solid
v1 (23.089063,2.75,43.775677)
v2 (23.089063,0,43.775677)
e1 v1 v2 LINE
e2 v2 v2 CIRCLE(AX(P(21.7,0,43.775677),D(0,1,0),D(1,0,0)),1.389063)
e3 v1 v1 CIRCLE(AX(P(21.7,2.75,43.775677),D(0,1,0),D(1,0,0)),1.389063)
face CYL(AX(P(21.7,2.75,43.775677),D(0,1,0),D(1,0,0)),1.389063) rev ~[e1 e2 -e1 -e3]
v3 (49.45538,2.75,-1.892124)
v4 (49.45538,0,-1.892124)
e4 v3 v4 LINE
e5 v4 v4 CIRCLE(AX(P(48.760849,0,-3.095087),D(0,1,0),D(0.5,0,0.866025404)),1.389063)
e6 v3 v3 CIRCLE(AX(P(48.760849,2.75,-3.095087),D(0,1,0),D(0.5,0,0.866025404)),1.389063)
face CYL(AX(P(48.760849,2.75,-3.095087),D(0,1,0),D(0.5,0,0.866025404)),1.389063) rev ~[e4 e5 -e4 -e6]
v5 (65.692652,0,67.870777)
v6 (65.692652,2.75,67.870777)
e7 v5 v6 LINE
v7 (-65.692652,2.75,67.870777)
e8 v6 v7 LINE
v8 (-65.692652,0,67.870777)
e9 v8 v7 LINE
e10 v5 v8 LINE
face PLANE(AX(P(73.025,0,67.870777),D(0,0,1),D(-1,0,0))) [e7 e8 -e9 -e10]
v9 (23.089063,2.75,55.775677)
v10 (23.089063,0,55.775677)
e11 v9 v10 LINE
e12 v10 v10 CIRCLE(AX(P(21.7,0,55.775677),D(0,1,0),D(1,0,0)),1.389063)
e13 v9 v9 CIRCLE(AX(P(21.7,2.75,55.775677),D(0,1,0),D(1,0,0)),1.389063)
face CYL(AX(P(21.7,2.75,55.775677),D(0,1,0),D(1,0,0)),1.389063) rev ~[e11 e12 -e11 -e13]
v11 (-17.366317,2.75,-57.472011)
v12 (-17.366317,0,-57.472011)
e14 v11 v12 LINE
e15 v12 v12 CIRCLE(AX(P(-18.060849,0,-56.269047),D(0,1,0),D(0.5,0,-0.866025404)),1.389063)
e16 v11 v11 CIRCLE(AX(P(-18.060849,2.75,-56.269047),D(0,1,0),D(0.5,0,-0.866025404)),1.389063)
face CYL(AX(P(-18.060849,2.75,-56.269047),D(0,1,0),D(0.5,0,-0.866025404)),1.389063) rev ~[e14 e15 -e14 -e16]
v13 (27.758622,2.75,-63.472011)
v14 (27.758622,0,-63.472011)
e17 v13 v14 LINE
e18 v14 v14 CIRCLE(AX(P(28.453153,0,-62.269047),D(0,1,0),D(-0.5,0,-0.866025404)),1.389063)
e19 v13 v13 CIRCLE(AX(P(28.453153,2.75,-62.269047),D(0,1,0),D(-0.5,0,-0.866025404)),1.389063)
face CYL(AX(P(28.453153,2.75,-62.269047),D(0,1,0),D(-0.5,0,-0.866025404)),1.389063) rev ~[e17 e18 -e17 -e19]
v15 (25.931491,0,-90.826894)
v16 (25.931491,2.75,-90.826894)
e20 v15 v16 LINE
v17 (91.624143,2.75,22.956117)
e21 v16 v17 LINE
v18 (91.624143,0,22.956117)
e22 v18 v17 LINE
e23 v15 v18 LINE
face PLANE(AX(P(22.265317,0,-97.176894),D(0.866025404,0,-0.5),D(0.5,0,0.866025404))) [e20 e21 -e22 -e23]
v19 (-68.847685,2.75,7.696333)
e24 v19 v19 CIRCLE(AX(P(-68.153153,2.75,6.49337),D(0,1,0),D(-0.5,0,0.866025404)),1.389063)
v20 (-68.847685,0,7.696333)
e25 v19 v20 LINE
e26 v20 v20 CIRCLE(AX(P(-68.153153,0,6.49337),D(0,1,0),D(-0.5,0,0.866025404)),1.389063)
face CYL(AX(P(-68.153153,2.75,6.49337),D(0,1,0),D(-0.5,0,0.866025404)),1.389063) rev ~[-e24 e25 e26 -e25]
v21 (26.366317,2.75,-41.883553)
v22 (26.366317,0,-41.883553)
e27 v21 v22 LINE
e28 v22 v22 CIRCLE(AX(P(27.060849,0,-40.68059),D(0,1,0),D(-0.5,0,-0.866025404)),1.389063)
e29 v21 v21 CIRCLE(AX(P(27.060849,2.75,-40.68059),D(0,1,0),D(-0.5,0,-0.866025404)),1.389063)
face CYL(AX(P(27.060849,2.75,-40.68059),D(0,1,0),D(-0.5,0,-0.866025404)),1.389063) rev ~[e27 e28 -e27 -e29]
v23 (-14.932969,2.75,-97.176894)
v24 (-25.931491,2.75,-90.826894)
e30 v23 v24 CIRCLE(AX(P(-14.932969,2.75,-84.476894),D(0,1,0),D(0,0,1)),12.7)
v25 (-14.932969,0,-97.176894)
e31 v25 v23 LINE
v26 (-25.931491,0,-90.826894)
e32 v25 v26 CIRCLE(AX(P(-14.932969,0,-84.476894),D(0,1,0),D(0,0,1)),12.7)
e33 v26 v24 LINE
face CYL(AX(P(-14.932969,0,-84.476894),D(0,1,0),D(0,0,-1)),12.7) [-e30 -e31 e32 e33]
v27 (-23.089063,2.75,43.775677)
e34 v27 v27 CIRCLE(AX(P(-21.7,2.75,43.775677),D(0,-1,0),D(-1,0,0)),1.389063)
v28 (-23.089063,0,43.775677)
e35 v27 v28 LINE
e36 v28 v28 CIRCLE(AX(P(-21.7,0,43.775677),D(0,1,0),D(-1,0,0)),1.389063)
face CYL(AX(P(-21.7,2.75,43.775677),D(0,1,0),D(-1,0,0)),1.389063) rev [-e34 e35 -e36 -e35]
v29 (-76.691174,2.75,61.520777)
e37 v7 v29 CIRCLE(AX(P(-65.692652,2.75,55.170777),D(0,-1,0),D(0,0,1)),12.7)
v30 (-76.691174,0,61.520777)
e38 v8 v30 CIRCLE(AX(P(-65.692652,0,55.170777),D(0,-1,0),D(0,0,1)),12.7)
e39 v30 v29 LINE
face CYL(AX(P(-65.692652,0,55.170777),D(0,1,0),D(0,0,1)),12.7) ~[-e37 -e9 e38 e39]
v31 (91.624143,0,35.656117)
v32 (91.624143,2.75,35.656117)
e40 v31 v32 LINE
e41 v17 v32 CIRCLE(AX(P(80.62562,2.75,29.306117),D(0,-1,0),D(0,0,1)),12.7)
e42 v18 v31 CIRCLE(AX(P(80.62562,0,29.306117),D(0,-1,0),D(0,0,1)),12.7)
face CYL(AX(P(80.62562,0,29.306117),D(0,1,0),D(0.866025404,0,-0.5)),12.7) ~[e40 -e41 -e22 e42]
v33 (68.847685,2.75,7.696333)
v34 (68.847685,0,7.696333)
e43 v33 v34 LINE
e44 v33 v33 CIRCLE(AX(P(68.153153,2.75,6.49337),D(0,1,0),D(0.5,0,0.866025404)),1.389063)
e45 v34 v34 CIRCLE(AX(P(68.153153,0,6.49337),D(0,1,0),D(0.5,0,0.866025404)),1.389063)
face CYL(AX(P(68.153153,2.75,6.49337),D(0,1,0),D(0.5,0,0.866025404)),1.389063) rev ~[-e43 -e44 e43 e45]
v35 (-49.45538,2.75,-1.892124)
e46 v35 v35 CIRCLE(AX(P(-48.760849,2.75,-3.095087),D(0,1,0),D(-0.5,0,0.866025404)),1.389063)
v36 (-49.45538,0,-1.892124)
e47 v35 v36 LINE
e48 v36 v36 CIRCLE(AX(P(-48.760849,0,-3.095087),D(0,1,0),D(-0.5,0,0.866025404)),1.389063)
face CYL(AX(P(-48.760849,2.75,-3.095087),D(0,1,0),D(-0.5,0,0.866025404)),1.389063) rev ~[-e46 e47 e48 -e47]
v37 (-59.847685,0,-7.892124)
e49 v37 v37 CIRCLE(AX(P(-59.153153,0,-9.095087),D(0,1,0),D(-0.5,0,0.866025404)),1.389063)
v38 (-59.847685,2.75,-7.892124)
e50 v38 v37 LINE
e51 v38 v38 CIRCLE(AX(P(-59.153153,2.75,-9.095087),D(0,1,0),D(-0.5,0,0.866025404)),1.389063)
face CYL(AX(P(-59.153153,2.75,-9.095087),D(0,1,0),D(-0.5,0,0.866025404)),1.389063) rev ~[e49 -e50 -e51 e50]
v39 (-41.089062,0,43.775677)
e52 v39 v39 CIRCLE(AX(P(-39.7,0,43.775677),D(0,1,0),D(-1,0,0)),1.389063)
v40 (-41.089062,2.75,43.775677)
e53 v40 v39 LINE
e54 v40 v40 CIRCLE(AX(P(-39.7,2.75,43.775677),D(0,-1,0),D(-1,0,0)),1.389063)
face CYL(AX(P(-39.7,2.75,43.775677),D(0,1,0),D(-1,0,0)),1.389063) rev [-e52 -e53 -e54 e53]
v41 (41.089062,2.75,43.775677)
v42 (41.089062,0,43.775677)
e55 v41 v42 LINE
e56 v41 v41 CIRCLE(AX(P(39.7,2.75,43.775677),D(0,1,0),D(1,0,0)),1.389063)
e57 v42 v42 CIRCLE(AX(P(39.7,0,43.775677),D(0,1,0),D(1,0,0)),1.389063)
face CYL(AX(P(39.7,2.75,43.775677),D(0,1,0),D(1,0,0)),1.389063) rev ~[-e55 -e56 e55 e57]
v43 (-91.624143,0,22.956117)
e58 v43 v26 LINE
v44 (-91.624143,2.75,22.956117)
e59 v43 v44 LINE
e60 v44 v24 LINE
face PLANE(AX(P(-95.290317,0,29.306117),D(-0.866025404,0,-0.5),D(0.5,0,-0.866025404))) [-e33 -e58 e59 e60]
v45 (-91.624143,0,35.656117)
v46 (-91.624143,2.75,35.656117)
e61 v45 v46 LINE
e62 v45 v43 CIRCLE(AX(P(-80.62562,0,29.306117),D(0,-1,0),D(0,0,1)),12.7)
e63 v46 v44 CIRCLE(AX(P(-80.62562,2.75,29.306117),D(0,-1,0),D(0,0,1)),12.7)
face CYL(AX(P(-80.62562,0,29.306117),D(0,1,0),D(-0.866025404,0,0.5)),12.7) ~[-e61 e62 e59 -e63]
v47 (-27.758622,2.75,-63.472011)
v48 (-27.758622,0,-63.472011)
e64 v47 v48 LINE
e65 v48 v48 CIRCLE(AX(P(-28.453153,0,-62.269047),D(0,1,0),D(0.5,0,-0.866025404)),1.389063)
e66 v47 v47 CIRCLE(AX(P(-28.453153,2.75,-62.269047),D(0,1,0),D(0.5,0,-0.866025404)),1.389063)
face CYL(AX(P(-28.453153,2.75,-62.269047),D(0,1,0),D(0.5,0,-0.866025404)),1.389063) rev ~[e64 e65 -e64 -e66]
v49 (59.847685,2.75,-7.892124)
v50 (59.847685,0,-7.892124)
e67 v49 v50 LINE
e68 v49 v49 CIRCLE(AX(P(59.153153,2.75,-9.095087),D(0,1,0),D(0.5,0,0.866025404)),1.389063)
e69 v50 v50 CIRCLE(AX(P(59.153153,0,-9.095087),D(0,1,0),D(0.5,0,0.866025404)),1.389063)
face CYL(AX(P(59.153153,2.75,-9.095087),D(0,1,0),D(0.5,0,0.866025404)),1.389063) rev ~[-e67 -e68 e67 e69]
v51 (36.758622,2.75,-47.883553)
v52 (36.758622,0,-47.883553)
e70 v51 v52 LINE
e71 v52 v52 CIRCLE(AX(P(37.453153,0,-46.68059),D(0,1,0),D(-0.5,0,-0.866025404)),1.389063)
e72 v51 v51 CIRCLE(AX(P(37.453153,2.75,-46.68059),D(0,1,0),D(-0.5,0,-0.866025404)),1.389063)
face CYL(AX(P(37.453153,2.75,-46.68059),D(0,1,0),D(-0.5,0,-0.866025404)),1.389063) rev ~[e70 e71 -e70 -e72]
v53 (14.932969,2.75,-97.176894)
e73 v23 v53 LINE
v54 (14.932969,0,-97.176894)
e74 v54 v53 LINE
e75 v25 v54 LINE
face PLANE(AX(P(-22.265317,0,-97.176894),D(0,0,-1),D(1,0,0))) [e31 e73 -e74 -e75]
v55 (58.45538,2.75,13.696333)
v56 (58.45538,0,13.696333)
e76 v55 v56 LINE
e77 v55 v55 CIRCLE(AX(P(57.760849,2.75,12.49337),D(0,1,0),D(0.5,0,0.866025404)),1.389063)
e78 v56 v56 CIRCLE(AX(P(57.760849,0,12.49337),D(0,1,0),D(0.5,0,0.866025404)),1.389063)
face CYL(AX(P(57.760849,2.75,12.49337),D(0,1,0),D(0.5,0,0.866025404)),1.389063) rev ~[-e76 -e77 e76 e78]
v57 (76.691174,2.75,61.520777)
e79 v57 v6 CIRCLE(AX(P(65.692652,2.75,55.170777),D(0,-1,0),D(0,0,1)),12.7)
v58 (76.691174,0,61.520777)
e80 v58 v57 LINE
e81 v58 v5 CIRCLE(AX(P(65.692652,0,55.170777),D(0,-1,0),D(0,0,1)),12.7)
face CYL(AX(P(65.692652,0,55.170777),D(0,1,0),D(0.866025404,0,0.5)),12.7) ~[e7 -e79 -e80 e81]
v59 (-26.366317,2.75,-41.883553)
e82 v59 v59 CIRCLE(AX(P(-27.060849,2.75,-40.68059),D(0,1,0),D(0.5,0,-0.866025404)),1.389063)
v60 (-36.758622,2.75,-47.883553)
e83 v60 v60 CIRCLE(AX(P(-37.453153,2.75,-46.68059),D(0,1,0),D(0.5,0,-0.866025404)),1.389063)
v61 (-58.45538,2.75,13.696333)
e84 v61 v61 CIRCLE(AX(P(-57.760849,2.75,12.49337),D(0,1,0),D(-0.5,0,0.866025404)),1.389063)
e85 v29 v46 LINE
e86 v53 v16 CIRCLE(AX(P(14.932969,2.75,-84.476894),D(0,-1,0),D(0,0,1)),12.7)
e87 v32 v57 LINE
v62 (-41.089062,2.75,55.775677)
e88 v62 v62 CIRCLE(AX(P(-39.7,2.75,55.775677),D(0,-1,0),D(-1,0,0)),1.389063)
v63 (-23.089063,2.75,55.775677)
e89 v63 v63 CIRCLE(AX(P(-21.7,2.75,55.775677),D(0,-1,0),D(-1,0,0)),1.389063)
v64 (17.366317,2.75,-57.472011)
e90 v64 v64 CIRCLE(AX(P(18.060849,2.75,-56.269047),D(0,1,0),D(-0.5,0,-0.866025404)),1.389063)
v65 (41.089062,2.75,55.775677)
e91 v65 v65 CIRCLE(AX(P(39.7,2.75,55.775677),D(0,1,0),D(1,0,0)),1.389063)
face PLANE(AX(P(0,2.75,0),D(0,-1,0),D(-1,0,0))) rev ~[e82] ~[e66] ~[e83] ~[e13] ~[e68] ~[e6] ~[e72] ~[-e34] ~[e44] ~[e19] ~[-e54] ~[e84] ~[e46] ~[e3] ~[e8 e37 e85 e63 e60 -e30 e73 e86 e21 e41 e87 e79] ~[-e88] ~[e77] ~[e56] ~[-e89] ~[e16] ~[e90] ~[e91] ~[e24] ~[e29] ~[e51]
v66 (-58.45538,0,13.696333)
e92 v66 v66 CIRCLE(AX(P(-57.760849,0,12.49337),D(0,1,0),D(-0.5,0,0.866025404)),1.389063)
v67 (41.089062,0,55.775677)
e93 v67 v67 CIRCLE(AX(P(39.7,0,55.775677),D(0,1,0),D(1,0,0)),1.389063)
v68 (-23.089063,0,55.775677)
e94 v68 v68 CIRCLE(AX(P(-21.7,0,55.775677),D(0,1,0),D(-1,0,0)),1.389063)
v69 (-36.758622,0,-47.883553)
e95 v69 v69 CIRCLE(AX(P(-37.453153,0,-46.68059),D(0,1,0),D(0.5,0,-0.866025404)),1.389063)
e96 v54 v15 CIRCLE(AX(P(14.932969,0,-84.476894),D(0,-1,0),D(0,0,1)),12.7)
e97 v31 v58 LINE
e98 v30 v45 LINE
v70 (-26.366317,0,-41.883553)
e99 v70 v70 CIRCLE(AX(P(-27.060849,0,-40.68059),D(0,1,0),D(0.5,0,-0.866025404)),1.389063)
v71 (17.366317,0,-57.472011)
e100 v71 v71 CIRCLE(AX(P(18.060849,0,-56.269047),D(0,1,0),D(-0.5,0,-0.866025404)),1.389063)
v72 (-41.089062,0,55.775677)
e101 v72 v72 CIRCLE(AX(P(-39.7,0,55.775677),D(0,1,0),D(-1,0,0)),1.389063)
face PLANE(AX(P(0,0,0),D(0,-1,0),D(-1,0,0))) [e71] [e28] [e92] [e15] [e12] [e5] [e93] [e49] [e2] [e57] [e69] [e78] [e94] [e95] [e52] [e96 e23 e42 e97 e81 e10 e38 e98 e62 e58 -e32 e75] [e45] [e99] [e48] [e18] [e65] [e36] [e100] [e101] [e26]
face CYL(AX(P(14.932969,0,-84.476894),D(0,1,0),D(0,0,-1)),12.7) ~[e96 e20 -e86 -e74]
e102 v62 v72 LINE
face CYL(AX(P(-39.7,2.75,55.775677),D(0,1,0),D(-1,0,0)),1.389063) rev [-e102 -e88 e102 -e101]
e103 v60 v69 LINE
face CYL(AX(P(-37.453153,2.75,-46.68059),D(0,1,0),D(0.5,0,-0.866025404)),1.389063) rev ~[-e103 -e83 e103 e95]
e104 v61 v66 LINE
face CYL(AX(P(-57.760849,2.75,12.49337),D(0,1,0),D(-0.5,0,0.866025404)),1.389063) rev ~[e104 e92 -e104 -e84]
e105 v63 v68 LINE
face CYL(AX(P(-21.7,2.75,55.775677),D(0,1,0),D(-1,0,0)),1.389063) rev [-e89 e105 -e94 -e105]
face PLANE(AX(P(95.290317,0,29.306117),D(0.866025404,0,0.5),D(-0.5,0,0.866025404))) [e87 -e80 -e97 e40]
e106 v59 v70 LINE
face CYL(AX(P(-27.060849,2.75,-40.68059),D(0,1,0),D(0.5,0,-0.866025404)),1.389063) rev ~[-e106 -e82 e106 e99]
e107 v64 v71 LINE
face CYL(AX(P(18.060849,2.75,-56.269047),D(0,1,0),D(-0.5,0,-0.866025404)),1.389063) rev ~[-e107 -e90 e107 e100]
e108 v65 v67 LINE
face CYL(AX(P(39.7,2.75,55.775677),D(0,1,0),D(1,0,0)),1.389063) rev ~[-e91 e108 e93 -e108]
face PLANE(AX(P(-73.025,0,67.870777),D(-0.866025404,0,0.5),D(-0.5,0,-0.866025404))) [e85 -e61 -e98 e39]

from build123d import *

# Parameters (mm, degrees)
BOSS_EXTRUDE1_DEPTH         = 2.75
FILLET1_R                   = 12.7
SKETCH5_R                   = 1.3890625
CUT_EXTRUDE4_DEPTH          = 135.761205832
CIRPATTERN2_COUNT           = 3
CIRPATTERN2_COPY_1_SKETCH_R = 1.3890625
CIRPATTERN2_COPY_1_DEPTH    = 135.761205832
CIRPATTERN2_COPY_2_SKETCH_R = 1.3890625
CIRPATTERN2_COPY_2_DEPTH    = 135.761205832


with BuildPart() as part:
    # Sketch1 → Boss-Extrude1 (new body)
    with BuildSketch(Plane(origin=(0, 0, 0), x_dir=(1, 0, 0), z_dir=(0, 1, 0))):
        Polygon((-22.265317244, 97.17689372), (22.265317244, 97.17689372), (95.290317244, -29.306116503), (73.025, -67.870777217), (-73.025, -67.870777217), (-95.290317244, -29.306116503), align=None)
    extrude(amount=BOSS_EXTRUDE1_DEPTH)

    # Fillet1
    fillet1_edges = [part.edges().sort_by_distance(p)[0] for p in [
        (-22.265317244, 1.375, -97.17689372),
        (22.265317244, 1.375, -97.17689372),
        (95.290317244, 1.375, 29.306116503),
        (73.025, 1.375, 67.870777217),
        (-95.290317244, 1.375, 29.306116503),
        (-73.025, 1.375, 67.870777217),
    ]]
    fillet(fillet1_edges, radius=FILLET1_R)

    # Sketch5 → Cut-Extrude4 (cut, through all)
    with BuildSketch(Plane(origin=(0, 2.75, 0), x_dir=(1, 0, 0), z_dir=(0, 1, 0))):
        with Locations((21.7, -43.775677217)):
            Circle(SKETCH5_R)
        with Locations((21.7, -55.775677217)):
            Circle(SKETCH5_R)
        with Locations((39.7, -43.775677217)):
            Circle(SKETCH5_R)
        with Locations((39.7, -55.775677217)):
            Circle(SKETCH5_R)
    cut_extrude4 = extrude(amount=-CUT_EXTRUDE4_DEPTH, mode=Mode.SUBTRACT)

    # Mirror1: Cut-Extrude4 across plane
    add(cut_extrude4.mirror(Plane(origin=(0, 0, 0), x_dir=(0, 0, 1), z_dir=(1, 0, 0))), mode=Mode.SUBTRACT)

    # CirPattern2: Cut-Extrude4 ×3 about axis
    cirpattern2_axis = Axis((0, 0, 0), (0, 1, 0))
    for i in range(1, CIRPATTERN2_COUNT):
        add(cut_extrude4.rotate(cirpattern2_axis, i * 360 / CIRPATTERN2_COUNT), mode=Mode.SUBTRACT)

    # CirPattern2 copy 1 sketch → CirPattern2 copy 1 (cut, through all)
    with BuildSketch(Plane(origin=(0, 2.75, 0), x_dir=(0.4999999999999998, 0, 0.8660254037844387), z_dir=(0, 1, 0))):
        with Locations((21.7, 43.775677217)):
            Circle(CIRPATTERN2_COPY_1_SKETCH_R)
        with Locations((21.7, 55.775677217)):
            Circle(CIRPATTERN2_COPY_1_SKETCH_R)
        with Locations((39.7, 43.775677217)):
            Circle(CIRPATTERN2_COPY_1_SKETCH_R)
        with Locations((39.7, 55.775677217)):
            Circle(CIRPATTERN2_COPY_1_SKETCH_R)
    extrude(amount=-CIRPATTERN2_COPY_1_DEPTH, mode=Mode.SUBTRACT)

    # CirPattern2 copy 2 sketch → CirPattern2 copy 2 (cut, through all)
    with BuildSketch(Plane(origin=(0, 2.75, 0), x_dir=(0.5000000000000004, 0, -0.8660254037844384), z_dir=(0, 1, 0))):
        with Locations((21.7, 43.775677217)):
            Circle(CIRPATTERN2_COPY_2_SKETCH_R)
        with Locations((21.7, 55.775677217)):
            Circle(CIRPATTERN2_COPY_2_SKETCH_R)
        with Locations((39.7, 43.775677217)):
            Circle(CIRPATTERN2_COPY_2_SKETCH_R)
        with Locations((39.7, 55.775677217)):
            Circle(CIRPATTERN2_COPY_2_SKETCH_R)
    extrude(amount=-CIRPATTERN2_COPY_2_DEPTH, mode=Mode.SUBTRACT)


solid = part.part
